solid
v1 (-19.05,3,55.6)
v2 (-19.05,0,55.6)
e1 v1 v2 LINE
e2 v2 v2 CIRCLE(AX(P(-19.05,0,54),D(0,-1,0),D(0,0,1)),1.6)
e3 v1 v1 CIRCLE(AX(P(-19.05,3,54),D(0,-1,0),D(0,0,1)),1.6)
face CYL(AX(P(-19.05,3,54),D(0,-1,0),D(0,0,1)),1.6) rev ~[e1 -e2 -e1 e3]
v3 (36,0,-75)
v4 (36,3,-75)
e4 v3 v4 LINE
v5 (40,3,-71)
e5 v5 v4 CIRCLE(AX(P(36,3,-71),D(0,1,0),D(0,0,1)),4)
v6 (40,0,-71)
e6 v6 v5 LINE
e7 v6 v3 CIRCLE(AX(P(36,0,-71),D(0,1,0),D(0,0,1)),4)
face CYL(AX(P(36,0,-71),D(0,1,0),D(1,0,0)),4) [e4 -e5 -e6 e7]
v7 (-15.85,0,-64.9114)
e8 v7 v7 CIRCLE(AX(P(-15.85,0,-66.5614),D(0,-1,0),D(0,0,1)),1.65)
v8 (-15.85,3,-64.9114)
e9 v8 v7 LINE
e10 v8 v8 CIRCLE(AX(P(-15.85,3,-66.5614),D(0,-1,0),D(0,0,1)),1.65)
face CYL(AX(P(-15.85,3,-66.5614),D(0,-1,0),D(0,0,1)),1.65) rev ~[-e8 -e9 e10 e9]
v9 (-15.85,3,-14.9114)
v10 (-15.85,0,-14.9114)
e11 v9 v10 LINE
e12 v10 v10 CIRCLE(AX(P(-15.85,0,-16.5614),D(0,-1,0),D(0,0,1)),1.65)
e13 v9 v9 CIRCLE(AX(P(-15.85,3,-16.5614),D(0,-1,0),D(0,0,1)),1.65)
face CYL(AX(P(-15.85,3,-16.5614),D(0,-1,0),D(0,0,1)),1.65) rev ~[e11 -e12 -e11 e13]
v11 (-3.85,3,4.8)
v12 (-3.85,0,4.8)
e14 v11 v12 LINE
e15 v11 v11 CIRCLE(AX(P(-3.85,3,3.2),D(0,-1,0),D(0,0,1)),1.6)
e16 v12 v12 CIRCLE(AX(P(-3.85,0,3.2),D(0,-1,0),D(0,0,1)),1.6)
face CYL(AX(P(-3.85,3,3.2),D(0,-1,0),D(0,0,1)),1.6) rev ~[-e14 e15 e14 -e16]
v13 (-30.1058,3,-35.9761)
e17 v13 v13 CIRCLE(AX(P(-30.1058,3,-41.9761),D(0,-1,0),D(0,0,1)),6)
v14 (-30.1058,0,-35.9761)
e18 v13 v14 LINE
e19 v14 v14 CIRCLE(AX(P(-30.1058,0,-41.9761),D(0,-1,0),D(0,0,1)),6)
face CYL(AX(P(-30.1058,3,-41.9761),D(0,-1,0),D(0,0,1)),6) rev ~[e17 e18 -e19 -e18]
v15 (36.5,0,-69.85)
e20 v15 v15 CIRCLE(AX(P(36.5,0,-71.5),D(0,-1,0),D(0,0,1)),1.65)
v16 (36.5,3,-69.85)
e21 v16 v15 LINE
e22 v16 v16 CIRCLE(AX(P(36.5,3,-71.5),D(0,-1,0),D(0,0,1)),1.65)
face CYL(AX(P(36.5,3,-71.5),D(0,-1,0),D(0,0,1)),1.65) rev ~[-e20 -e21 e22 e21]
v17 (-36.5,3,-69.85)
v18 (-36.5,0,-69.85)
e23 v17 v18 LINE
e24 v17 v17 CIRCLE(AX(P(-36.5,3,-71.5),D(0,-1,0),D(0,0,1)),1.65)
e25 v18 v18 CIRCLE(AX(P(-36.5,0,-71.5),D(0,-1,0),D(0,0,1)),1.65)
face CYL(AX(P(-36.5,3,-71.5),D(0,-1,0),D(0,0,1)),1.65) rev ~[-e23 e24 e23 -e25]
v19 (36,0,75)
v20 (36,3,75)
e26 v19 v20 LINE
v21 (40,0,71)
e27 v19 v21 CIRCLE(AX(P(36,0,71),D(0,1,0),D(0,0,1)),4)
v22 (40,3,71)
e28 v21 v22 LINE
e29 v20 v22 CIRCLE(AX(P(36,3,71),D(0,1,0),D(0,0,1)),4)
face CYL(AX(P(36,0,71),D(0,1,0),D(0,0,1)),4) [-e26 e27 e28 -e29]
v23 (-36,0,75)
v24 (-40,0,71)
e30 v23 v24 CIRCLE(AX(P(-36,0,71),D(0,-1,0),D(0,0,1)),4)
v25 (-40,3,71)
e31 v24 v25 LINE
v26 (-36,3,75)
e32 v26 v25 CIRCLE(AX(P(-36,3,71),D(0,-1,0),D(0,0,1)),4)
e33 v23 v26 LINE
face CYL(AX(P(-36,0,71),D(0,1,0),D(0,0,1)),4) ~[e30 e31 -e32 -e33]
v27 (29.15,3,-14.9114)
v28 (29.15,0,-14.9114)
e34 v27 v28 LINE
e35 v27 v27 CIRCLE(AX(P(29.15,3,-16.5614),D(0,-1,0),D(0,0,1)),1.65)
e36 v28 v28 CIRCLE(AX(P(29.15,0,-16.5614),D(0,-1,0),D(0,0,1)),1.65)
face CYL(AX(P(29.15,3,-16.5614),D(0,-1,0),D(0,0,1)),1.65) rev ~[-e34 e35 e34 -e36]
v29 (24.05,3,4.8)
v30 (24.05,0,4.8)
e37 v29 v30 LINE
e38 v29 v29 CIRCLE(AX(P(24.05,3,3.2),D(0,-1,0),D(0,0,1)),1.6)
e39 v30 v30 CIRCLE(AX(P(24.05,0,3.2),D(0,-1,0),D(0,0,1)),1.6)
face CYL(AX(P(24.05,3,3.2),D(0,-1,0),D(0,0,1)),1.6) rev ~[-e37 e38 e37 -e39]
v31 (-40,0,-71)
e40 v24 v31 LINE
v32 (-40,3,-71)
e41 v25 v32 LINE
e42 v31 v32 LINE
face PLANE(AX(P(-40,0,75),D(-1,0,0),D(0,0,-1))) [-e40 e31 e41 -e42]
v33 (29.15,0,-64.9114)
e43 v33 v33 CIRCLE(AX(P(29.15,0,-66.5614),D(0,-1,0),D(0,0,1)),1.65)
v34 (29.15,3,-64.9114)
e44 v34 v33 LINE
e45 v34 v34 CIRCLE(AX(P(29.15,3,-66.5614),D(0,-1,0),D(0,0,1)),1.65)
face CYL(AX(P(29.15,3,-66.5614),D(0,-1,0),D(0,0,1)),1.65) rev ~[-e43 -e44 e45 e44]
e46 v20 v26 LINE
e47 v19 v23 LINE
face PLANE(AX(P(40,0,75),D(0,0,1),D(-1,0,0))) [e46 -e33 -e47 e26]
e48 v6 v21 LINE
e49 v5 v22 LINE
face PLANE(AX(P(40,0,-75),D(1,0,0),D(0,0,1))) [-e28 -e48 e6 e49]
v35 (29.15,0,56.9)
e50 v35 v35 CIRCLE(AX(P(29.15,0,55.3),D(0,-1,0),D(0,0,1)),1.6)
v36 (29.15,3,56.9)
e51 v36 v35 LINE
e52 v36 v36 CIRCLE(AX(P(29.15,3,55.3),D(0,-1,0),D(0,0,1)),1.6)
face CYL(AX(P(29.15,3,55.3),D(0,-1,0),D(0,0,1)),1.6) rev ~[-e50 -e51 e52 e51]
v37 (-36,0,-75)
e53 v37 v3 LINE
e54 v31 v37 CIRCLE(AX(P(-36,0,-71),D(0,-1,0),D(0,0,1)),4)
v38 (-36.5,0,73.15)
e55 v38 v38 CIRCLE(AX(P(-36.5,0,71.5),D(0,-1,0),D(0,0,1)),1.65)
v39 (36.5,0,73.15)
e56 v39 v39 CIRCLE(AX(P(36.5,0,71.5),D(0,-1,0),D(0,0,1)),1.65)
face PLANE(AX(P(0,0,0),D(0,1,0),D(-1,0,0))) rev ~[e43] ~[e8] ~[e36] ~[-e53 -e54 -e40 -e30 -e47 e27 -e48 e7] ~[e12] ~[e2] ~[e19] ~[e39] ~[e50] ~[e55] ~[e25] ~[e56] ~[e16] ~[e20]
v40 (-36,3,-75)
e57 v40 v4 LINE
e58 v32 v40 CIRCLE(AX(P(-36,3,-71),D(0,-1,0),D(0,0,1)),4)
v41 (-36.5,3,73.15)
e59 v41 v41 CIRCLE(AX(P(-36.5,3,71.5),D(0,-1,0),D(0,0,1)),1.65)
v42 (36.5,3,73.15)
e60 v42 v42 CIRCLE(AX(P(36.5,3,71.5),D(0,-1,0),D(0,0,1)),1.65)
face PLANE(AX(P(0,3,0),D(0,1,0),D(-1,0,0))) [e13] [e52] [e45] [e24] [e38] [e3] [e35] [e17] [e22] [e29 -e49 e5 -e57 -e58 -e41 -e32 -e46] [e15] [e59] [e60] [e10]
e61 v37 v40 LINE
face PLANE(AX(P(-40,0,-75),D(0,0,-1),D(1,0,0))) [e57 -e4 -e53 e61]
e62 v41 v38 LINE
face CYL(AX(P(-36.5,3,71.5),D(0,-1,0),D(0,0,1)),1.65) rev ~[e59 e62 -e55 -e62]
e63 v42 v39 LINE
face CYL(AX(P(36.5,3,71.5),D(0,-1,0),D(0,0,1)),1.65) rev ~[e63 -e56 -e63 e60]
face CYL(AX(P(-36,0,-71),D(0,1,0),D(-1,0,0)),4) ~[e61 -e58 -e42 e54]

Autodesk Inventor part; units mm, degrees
ref_plane "YZ Plane" through (0, 0, 0) normal (1, 0, 0) x (0, 1, 0)
ref_plane "XZ Plane" through (0, 0, 0) normal (0, 1, 0) x (-1, 0, 0)
ref_plane "XY Plane" through (0, 0, 0) normal (0, 0, 1) x (1, 0, 0)
sketch "Sketch1" plane through (0, 0, 0) normal (0, 1, 0) x (-1, 0, 0)
  line L0 (-40, 75) -> (40, 75)
  line L1 (40, 75) -> (40, -75)
  line L2 (40, -75) -> (-40, -75)
  line L3 (-40, -75) -> (-40, 75)
  line L4 (-40, 75) -> (40, -75) construction
  line L5 (40, 75) -> (-40, -75) construction
  point P0 (0, 0)
  dimension "d0" = 80
  dimension "d1" = 150
extrude "Extrusion1" add sketch "Sketch1" along normal blind 3
sketch "Sketch2" plane through (0, 3, 0) normal (0, 1, 0) x (1, 0, 0)
  line L0 (-40, -75) -> (40, -75) construction
  line L1 (0, -75) -> (0, 75) construction
  line L2 (40, 75) -> (-40, 75) construction
  line L3 (40, -75) -> (40, 75) construction
  line L4 (40, 0) -> (-40, 0) construction
  line L5 (-40, 75) -> (-40, -75) construction
  line L6 (0, -75) -> (40, -75) construction
  line L7 (40, -75) -> (5, -75) construction
  line L8 (5, -75) -> (5, -35) construction
  line L9 (31.65, -69.3) -> (-21.65, -69.3) construction
  line L10 (-21.65, -69.3) -> (-21.65, -0.7) construction
  line L11 (-21.65, -0.7) -> (31.65, -0.7) construction
  line L12 (31.65, -0.7) -> (31.65, -69.3) construction
  line L13 (31.65, -69.3) -> (-21.65, -0.7) construction
  line L14 (-21.65, -69.3) -> (31.65, -0.7) construction
  line L15 (5, -69.3) -> (5, -55.3) construction
  line L16 (5, -55.3) -> (-21.65, -55.3) construction
  line L17 (5, -55.3) -> (31.65, -55.3) construction
  line L18 (-21.65, -54) -> (5, -54) construction
  line L19 (5, -54) -> (31.65, -54) construction
  line L20 (-21.65, -3.2) -> (5, -3.2) construction
  line L21 (5, -3.2) -> (31.65, -3.2) construction
  line L22 (31.65, -35) -> (29.15, -35) construction
  line L23 (29.15, -35) -> (29.15, -0.7) construction
  line L24 (29.15, -35) -> (29.15, -69.3) construction
  line L25 (24.05, -0.7) -> (24.05, -35) construction
  line L26 (24.05, -35) -> (24.05, -69.3) construction
  line L27 (-3.85, -0.7) -> (-3.85, -35) construction
  line L28 (-3.85, -35) -> (-3.85, -69.3) construction
  line L29 (-19.05, -0.7) -> (-19.05, -35) construction
  line L30 (-19.05, -35) -> (-19.05, -69.3) construction
  point P0 (0, 0)
  point P1 (-19.05, -54)
  point P2 (29.15, -55.3)
  point P3 (24.05, -3.2)
  point P4 (-3.85, -3.2)
  dimension "d4" = 35
  dimension "d5" = 40
  dimension "d6" = 53.3
  dimension "d7" = 68.6
  dimension "d8" = 14
  dimension "d9" = 1.3
  dimension "d10" = 50.8
  dimension "d11" = 2.5
  dimension "d12" = 5.1
  dimension "d13" = 27.9
  dimension "d14" = 15.2
hole "Hole1" at (-19.05, 3, 54) at (29.15, 3, 55.3) at (24.05, 3, 3.2) at (-3.85, 3, 3.2) direction (0, -1, 0) diameter 3.2 end through all
sketch "Sketch3" plane through (0, 3, 0) normal (0, 1, 0) x (1, 0, 0)
  line L0 (40, 75) -> (40, -75) construction
  line L1 (40, 75) -> (6.65, 75) construction
  line L2 (-40, 75) -> (40, 75) construction
  line L3 (6.65, 75) -> (6.65, 55) construction
  line L4 (-15.85, 16.5614) -> (29.15, 16.5614) construction
  line L5 (29.15, 16.5614) -> (29.15, 66.5614) construction
  line L6 (29.15, 66.5614) -> (-15.85, 66.5614) construction
  line L7 (-15.85, 66.5614) -> (-15.85, 16.5614) construction
  line L8 (-15.85, 16.5614) -> (29.15, 66.5614) construction
  line L9 (29.15, 16.5614) -> (-15.85, 66.5614) construction
  circle A0 centre (29.15, -55.3) radius 1.6 construction
  line L10 (29.15, -55.3) -> (40, -55.3) construction
  line L11 (29.15, -55.3) -> (29.15, 104.0464) construction
  point P0 (0, 0)
  point P1 (6.65, 41.5614)
  dimension "d22" = 33.35
  dimension "d23" = 20
  dimension "d24" = 45
  dimension "d25" = 50
  dimension "d26" = 10.85
  dimension "d27" = 10.85
hole "Hole2" at (-15.85, 3, -16.5614) at (-15.85, 3, -66.5614) at (29.15, 3, -16.5614) at (29.15, 3, -66.5614) direction (0, -1, 0) diameter 3.3 end through all
fillet "Fillet1" radius 4 4 edges at (40, 1.5, 75) (-40, 1.5, 75) (40, 1.5, -75) (-40, 1.5, -75)
sketch "Sketch4" plane through (0, 3, 0) normal (0, 1, 0) x (1, 0, 0)
  line L0 (-40, -75) -> (40, -75) projected
  line L1 (-40, 75) -> (-40, -75) projected
  line L2 (40, 75) -> (-40, 75) projected
  line L3 (40, -75) -> (40, 75) projected
  line L4 (36.5, 71.5) -> (-36.5, 71.5) construction
  line L5 (-36.5, 71.5) -> (-36.5, -71.5) construction
  line L6 (-36.5, -71.5) -> (36.5, -71.5) construction
  line L7 (36.5, -71.5) -> (36.5, 71.5) construction
  point P0 (0, 0)
  dimension "d36" = 3.5
hole "Hole3" at (-36.5, 3, 71.5) at (36.5, 3, 71.5) at (36.5, 3, -71.5) at (-36.5, 3, -71.5) direction (0, -1, 0) diameter 3.3 end through all
hole "Hole4" at (-30.1058, 3, -41.9761) direction (0, -1, 0) diameter 12 end through all
properties part number "plate"
